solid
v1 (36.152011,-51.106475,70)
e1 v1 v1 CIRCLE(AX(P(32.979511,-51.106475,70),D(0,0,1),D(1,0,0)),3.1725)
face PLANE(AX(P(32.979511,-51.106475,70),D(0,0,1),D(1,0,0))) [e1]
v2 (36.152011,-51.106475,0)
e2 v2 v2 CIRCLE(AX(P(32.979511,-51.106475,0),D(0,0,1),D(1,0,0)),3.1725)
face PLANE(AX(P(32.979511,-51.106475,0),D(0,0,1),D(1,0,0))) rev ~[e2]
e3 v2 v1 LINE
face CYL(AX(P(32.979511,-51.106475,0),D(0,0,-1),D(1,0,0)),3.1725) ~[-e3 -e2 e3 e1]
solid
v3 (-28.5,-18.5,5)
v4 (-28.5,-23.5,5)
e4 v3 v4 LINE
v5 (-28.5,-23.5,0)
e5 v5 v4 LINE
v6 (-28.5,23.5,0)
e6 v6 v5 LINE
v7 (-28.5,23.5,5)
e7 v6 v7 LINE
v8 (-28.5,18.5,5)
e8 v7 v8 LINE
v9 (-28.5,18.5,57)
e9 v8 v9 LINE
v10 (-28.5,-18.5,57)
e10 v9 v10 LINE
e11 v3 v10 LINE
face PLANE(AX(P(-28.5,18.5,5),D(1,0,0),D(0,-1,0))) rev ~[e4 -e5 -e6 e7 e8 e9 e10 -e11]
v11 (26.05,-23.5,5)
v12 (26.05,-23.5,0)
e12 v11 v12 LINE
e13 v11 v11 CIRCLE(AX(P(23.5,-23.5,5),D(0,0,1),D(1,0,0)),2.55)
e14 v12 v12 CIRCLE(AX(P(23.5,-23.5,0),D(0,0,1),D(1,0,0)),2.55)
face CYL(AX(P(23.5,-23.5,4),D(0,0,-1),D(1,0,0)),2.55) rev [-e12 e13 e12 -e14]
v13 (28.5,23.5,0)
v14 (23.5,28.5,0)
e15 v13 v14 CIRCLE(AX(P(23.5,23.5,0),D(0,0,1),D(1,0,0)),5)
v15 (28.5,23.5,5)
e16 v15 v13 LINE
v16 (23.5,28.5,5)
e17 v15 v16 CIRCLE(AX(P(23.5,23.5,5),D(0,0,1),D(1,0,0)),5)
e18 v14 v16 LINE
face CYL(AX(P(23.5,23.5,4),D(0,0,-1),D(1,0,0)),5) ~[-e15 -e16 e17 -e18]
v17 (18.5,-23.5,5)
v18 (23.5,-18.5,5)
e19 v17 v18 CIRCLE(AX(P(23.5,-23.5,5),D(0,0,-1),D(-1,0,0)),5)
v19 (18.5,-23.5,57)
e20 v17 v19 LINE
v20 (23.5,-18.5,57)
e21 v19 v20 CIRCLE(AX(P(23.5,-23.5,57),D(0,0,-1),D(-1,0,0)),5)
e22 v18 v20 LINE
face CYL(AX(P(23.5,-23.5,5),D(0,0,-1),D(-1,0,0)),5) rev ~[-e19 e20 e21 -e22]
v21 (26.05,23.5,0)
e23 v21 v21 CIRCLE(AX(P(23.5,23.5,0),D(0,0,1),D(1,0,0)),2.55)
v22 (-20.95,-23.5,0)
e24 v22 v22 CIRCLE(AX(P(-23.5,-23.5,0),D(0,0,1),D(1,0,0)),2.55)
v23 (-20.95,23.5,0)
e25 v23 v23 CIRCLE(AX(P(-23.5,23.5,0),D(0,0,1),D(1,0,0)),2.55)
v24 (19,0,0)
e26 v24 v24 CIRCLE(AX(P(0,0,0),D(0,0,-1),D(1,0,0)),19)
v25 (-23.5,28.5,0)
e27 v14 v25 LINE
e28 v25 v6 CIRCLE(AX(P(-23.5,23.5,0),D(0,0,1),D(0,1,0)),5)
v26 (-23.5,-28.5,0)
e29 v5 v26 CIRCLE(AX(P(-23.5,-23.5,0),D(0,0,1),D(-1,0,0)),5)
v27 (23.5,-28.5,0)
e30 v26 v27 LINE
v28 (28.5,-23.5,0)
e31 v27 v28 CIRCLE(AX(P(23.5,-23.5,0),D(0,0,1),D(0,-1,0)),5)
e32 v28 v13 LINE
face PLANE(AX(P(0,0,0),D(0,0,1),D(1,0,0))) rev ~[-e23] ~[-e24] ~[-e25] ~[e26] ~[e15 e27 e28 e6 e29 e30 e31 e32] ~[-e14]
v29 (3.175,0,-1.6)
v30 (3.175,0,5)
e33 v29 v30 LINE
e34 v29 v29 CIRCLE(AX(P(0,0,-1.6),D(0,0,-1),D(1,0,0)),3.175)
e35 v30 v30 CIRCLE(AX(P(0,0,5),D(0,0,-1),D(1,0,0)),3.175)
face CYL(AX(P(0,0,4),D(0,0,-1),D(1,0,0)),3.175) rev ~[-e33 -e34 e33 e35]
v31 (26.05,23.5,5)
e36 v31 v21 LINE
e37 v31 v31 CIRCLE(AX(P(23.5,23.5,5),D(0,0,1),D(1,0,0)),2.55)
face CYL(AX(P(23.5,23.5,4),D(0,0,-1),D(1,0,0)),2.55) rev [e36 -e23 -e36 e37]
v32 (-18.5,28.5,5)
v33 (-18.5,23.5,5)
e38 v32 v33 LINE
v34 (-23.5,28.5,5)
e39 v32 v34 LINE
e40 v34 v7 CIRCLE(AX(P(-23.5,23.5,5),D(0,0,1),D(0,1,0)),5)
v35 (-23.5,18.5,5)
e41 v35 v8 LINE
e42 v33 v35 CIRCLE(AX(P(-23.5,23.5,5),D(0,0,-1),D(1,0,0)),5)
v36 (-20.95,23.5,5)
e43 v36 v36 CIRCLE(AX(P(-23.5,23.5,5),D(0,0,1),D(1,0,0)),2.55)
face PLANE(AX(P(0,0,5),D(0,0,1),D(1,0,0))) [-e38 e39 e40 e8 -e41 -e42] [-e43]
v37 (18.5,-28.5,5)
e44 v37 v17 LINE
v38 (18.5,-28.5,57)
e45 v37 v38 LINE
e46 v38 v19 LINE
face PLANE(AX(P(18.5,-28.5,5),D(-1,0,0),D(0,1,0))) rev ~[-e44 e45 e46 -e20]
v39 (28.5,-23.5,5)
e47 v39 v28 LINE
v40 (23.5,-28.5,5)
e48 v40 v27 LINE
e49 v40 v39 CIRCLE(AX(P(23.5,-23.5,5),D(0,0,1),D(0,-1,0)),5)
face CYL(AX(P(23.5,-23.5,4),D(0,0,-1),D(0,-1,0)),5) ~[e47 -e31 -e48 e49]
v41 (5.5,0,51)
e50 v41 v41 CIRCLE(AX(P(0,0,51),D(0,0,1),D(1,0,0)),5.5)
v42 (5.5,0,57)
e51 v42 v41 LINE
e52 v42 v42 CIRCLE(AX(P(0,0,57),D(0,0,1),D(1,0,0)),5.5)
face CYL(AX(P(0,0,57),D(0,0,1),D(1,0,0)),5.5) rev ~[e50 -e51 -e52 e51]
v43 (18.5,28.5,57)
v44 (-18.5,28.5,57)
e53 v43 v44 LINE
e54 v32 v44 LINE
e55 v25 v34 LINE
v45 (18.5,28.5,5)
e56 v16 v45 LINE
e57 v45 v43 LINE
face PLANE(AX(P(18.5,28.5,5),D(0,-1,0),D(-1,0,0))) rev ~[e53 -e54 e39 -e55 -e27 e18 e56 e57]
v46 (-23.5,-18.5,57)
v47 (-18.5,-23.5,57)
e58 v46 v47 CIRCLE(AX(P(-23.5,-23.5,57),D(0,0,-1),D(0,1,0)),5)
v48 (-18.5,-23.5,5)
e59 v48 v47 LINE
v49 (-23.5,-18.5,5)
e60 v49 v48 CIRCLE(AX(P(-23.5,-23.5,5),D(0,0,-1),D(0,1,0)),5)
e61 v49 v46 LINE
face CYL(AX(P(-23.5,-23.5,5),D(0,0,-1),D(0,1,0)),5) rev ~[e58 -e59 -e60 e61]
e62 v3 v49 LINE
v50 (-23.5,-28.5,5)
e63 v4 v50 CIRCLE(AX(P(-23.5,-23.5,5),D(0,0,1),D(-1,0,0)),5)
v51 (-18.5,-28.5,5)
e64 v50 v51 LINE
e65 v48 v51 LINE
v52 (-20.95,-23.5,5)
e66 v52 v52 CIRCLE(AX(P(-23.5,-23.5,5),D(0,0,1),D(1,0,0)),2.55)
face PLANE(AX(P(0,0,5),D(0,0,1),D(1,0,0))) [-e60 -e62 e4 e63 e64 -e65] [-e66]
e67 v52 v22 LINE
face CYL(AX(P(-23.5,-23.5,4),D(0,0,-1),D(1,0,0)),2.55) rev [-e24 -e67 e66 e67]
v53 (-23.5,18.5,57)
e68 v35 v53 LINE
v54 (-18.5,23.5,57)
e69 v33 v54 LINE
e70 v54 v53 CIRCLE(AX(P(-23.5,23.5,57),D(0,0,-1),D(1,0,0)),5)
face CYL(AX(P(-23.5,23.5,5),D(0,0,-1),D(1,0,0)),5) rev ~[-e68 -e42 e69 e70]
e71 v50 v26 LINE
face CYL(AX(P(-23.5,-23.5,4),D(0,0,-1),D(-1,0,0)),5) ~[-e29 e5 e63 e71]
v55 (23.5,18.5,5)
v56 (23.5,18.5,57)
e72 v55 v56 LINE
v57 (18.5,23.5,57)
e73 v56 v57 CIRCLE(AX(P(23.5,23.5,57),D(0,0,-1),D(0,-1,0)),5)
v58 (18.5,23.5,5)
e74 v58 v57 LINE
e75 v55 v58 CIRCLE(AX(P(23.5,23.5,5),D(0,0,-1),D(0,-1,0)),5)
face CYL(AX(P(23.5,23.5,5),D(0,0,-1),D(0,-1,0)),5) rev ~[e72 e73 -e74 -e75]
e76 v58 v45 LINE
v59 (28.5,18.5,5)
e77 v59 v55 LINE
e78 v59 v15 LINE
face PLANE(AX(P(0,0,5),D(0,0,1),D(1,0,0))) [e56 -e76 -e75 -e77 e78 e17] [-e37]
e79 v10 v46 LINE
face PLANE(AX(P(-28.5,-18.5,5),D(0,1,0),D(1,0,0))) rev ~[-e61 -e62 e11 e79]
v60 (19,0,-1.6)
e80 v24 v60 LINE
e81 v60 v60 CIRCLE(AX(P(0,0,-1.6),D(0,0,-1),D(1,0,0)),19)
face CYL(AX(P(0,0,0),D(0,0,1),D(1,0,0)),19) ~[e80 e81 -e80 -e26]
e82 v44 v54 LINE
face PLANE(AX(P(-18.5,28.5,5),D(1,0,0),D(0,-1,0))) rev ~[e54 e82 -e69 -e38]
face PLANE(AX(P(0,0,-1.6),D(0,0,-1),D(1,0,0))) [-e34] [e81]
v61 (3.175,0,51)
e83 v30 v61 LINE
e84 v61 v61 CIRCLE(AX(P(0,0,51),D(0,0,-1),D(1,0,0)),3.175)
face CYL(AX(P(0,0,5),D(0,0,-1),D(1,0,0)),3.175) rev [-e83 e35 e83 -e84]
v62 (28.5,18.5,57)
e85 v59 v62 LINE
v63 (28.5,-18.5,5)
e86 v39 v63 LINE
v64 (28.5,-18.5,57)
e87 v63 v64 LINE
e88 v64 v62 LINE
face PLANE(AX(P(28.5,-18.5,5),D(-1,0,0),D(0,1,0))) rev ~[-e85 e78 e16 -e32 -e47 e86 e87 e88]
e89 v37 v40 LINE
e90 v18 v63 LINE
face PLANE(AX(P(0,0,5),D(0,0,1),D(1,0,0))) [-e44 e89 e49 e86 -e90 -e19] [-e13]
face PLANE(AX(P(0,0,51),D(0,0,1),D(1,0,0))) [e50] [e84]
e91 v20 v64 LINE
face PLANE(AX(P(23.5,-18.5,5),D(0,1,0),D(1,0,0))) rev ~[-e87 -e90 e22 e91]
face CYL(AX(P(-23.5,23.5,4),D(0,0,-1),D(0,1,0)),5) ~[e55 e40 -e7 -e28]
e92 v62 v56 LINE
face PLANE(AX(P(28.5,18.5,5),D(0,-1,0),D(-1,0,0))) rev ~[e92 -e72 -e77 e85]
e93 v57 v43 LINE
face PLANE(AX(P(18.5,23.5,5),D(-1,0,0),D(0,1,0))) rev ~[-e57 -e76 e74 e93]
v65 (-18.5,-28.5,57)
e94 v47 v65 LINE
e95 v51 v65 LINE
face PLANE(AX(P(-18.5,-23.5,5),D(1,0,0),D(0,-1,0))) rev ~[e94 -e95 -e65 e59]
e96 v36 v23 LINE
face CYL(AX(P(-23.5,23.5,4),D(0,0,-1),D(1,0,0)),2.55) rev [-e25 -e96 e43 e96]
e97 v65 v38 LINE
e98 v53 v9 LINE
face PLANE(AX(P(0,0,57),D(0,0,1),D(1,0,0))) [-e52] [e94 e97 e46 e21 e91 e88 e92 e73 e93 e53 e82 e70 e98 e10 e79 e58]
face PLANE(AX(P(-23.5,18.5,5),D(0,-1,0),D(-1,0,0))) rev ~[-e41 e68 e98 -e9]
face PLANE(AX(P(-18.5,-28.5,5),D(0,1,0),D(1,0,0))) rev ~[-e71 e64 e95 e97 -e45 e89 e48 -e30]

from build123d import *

# Parameters (mm, degrees)
F0_R      = 2.55
F1_DEPTH  = 4
F2_R      = 19
F3_DEPTH  = 1.6
F4_R      = 3.175
F5_DEPTH  = 25
F6_DEPTH  = 1
F7_R      = 3.175
F8_DEPTH  = 52
F9_R      = 3.1725
F10_DEPTH = 70
F11_R     = 5.5
F12_DEPTH = 6


with BuildPart() as f1:
    # F0 (on Top) → F1 (new body)
    with BuildSketch(Plane.XY):
        with BuildLine():
            ThreePointArc((28.5, 23.5), (27.0355339059, 27.0355339059), (23.5, 28.5))
            Line((23.5, 28.5), (-23.5, 28.5))
            ThreePointArc((-23.5, 28.5), (-27.0355339059, 27.0355339059), (-28.5, 23.5))
            Line((-28.5, 23.5), (-28.5, -23.5))
            ThreePointArc((-28.5, -23.5), (-27.0355339059, -27.0355339059), (-23.5, -28.5))
            Line((-23.5, -28.5), (23.5, -28.5))
            ThreePointArc((23.5, -28.5), (27.0355339059, -27.0355339059), (28.5, -23.5))
            Line((28.5, -23.5), (28.5, 23.5))
        make_face()
        with Locations((-23.5, -23.5)):
            Circle(F0_R, mode=Mode.SUBTRACT)
        with Locations((23.5, -23.5)):
            Circle(F0_R, mode=Mode.SUBTRACT)
        with Locations((-23.5, 23.5)):
            Circle(F0_R, mode=Mode.SUBTRACT)
        with Locations((23.5, 23.5)):
            Circle(F0_R, mode=Mode.SUBTRACT)
    extrude(amount=F1_DEPTH)

    # F2 (on face) → F3 (join)
    with BuildSketch(Plane(origin=(0, 0, 0), x_dir=(1, 0, 0), z_dir=(0, 0, -1))):
        Circle(F2_R)
    extrude(amount=F3_DEPTH)

    # F4 (on face) → F5 (cut)
    with BuildSketch(Plane(origin=(0, 0, -1.6), x_dir=(1, 0, 0), z_dir=(0, 0, -1))):
        Circle(F4_R)
    extrude(amount=-F5_DEPTH, mode=Mode.SUBTRACT)

    # F6 (add): a face of the model
    f6_faces = [f1.faces().sort_by_distance(p)[0] for p in [
        (26.4655339059, 26.4655339059, 4),
    ]]
    extrude(f6_faces, amount=F6_DEPTH)

    # F7 (on face) → F8 (join)
    with BuildSketch(Plane.XY.offset(5)):
        with BuildLine():
            ThreePointArc((23.5, 18.5), (19.9644660941, 19.9644660941), (18.5, 23.5))
            Line((18.5, 23.5), (18.5, 28.5))
            Line((18.5, 28.5), (-18.5, 28.5))
            Line((-18.5, 28.5), (-18.5, 23.5))
            ThreePointArc((-18.5, 23.5), (-19.9644660941, 19.9644660941), (-23.5, 18.5))
            Line((-23.5, 18.5), (-28.5, 18.5))
            Line((-28.5, 18.5), (-28.5, -18.5))
            Line((-28.5, -18.5), (-23.5, -18.5))
            ThreePointArc((-23.5, -18.5), (-19.9644660941, -19.9644660941), (-18.5, -23.5))
            Line((-18.5, -23.5), (-18.5, -28.5))
            Line((-18.5, -28.5), (18.5, -28.5))
            Line((18.5, -28.5), (18.5, -23.5))
            ThreePointArc((18.5, -23.5), (19.9644660941, -19.9644660941), (23.5, -18.5))
            Line((23.5, -18.5), (28.5, -18.5))
            Line((28.5, -18.5), (28.5, 18.5))
            Line((28.5, 18.5), (23.5, 18.5))
        make_face()
        Circle(F7_R, mode=Mode.SUBTRACT)
    extrude(amount=F8_DEPTH)

    # F11 (on face) → F12 (cut)
    with BuildSketch(Plane.XY.offset(57)):
        Circle(F11_R)
    extrude(amount=-F12_DEPTH, mode=Mode.SUBTRACT)


with BuildPart() as f10:
    # F9 (on Top) → F10 (new body)
    with BuildSketch(Plane.XY):
        with Locations((32.9795107245, -51.1064752936)):
            Circle(F9_R)
    extrude(amount=F10_DEPTH)


solid = Compound([f1.part, f10.part])
